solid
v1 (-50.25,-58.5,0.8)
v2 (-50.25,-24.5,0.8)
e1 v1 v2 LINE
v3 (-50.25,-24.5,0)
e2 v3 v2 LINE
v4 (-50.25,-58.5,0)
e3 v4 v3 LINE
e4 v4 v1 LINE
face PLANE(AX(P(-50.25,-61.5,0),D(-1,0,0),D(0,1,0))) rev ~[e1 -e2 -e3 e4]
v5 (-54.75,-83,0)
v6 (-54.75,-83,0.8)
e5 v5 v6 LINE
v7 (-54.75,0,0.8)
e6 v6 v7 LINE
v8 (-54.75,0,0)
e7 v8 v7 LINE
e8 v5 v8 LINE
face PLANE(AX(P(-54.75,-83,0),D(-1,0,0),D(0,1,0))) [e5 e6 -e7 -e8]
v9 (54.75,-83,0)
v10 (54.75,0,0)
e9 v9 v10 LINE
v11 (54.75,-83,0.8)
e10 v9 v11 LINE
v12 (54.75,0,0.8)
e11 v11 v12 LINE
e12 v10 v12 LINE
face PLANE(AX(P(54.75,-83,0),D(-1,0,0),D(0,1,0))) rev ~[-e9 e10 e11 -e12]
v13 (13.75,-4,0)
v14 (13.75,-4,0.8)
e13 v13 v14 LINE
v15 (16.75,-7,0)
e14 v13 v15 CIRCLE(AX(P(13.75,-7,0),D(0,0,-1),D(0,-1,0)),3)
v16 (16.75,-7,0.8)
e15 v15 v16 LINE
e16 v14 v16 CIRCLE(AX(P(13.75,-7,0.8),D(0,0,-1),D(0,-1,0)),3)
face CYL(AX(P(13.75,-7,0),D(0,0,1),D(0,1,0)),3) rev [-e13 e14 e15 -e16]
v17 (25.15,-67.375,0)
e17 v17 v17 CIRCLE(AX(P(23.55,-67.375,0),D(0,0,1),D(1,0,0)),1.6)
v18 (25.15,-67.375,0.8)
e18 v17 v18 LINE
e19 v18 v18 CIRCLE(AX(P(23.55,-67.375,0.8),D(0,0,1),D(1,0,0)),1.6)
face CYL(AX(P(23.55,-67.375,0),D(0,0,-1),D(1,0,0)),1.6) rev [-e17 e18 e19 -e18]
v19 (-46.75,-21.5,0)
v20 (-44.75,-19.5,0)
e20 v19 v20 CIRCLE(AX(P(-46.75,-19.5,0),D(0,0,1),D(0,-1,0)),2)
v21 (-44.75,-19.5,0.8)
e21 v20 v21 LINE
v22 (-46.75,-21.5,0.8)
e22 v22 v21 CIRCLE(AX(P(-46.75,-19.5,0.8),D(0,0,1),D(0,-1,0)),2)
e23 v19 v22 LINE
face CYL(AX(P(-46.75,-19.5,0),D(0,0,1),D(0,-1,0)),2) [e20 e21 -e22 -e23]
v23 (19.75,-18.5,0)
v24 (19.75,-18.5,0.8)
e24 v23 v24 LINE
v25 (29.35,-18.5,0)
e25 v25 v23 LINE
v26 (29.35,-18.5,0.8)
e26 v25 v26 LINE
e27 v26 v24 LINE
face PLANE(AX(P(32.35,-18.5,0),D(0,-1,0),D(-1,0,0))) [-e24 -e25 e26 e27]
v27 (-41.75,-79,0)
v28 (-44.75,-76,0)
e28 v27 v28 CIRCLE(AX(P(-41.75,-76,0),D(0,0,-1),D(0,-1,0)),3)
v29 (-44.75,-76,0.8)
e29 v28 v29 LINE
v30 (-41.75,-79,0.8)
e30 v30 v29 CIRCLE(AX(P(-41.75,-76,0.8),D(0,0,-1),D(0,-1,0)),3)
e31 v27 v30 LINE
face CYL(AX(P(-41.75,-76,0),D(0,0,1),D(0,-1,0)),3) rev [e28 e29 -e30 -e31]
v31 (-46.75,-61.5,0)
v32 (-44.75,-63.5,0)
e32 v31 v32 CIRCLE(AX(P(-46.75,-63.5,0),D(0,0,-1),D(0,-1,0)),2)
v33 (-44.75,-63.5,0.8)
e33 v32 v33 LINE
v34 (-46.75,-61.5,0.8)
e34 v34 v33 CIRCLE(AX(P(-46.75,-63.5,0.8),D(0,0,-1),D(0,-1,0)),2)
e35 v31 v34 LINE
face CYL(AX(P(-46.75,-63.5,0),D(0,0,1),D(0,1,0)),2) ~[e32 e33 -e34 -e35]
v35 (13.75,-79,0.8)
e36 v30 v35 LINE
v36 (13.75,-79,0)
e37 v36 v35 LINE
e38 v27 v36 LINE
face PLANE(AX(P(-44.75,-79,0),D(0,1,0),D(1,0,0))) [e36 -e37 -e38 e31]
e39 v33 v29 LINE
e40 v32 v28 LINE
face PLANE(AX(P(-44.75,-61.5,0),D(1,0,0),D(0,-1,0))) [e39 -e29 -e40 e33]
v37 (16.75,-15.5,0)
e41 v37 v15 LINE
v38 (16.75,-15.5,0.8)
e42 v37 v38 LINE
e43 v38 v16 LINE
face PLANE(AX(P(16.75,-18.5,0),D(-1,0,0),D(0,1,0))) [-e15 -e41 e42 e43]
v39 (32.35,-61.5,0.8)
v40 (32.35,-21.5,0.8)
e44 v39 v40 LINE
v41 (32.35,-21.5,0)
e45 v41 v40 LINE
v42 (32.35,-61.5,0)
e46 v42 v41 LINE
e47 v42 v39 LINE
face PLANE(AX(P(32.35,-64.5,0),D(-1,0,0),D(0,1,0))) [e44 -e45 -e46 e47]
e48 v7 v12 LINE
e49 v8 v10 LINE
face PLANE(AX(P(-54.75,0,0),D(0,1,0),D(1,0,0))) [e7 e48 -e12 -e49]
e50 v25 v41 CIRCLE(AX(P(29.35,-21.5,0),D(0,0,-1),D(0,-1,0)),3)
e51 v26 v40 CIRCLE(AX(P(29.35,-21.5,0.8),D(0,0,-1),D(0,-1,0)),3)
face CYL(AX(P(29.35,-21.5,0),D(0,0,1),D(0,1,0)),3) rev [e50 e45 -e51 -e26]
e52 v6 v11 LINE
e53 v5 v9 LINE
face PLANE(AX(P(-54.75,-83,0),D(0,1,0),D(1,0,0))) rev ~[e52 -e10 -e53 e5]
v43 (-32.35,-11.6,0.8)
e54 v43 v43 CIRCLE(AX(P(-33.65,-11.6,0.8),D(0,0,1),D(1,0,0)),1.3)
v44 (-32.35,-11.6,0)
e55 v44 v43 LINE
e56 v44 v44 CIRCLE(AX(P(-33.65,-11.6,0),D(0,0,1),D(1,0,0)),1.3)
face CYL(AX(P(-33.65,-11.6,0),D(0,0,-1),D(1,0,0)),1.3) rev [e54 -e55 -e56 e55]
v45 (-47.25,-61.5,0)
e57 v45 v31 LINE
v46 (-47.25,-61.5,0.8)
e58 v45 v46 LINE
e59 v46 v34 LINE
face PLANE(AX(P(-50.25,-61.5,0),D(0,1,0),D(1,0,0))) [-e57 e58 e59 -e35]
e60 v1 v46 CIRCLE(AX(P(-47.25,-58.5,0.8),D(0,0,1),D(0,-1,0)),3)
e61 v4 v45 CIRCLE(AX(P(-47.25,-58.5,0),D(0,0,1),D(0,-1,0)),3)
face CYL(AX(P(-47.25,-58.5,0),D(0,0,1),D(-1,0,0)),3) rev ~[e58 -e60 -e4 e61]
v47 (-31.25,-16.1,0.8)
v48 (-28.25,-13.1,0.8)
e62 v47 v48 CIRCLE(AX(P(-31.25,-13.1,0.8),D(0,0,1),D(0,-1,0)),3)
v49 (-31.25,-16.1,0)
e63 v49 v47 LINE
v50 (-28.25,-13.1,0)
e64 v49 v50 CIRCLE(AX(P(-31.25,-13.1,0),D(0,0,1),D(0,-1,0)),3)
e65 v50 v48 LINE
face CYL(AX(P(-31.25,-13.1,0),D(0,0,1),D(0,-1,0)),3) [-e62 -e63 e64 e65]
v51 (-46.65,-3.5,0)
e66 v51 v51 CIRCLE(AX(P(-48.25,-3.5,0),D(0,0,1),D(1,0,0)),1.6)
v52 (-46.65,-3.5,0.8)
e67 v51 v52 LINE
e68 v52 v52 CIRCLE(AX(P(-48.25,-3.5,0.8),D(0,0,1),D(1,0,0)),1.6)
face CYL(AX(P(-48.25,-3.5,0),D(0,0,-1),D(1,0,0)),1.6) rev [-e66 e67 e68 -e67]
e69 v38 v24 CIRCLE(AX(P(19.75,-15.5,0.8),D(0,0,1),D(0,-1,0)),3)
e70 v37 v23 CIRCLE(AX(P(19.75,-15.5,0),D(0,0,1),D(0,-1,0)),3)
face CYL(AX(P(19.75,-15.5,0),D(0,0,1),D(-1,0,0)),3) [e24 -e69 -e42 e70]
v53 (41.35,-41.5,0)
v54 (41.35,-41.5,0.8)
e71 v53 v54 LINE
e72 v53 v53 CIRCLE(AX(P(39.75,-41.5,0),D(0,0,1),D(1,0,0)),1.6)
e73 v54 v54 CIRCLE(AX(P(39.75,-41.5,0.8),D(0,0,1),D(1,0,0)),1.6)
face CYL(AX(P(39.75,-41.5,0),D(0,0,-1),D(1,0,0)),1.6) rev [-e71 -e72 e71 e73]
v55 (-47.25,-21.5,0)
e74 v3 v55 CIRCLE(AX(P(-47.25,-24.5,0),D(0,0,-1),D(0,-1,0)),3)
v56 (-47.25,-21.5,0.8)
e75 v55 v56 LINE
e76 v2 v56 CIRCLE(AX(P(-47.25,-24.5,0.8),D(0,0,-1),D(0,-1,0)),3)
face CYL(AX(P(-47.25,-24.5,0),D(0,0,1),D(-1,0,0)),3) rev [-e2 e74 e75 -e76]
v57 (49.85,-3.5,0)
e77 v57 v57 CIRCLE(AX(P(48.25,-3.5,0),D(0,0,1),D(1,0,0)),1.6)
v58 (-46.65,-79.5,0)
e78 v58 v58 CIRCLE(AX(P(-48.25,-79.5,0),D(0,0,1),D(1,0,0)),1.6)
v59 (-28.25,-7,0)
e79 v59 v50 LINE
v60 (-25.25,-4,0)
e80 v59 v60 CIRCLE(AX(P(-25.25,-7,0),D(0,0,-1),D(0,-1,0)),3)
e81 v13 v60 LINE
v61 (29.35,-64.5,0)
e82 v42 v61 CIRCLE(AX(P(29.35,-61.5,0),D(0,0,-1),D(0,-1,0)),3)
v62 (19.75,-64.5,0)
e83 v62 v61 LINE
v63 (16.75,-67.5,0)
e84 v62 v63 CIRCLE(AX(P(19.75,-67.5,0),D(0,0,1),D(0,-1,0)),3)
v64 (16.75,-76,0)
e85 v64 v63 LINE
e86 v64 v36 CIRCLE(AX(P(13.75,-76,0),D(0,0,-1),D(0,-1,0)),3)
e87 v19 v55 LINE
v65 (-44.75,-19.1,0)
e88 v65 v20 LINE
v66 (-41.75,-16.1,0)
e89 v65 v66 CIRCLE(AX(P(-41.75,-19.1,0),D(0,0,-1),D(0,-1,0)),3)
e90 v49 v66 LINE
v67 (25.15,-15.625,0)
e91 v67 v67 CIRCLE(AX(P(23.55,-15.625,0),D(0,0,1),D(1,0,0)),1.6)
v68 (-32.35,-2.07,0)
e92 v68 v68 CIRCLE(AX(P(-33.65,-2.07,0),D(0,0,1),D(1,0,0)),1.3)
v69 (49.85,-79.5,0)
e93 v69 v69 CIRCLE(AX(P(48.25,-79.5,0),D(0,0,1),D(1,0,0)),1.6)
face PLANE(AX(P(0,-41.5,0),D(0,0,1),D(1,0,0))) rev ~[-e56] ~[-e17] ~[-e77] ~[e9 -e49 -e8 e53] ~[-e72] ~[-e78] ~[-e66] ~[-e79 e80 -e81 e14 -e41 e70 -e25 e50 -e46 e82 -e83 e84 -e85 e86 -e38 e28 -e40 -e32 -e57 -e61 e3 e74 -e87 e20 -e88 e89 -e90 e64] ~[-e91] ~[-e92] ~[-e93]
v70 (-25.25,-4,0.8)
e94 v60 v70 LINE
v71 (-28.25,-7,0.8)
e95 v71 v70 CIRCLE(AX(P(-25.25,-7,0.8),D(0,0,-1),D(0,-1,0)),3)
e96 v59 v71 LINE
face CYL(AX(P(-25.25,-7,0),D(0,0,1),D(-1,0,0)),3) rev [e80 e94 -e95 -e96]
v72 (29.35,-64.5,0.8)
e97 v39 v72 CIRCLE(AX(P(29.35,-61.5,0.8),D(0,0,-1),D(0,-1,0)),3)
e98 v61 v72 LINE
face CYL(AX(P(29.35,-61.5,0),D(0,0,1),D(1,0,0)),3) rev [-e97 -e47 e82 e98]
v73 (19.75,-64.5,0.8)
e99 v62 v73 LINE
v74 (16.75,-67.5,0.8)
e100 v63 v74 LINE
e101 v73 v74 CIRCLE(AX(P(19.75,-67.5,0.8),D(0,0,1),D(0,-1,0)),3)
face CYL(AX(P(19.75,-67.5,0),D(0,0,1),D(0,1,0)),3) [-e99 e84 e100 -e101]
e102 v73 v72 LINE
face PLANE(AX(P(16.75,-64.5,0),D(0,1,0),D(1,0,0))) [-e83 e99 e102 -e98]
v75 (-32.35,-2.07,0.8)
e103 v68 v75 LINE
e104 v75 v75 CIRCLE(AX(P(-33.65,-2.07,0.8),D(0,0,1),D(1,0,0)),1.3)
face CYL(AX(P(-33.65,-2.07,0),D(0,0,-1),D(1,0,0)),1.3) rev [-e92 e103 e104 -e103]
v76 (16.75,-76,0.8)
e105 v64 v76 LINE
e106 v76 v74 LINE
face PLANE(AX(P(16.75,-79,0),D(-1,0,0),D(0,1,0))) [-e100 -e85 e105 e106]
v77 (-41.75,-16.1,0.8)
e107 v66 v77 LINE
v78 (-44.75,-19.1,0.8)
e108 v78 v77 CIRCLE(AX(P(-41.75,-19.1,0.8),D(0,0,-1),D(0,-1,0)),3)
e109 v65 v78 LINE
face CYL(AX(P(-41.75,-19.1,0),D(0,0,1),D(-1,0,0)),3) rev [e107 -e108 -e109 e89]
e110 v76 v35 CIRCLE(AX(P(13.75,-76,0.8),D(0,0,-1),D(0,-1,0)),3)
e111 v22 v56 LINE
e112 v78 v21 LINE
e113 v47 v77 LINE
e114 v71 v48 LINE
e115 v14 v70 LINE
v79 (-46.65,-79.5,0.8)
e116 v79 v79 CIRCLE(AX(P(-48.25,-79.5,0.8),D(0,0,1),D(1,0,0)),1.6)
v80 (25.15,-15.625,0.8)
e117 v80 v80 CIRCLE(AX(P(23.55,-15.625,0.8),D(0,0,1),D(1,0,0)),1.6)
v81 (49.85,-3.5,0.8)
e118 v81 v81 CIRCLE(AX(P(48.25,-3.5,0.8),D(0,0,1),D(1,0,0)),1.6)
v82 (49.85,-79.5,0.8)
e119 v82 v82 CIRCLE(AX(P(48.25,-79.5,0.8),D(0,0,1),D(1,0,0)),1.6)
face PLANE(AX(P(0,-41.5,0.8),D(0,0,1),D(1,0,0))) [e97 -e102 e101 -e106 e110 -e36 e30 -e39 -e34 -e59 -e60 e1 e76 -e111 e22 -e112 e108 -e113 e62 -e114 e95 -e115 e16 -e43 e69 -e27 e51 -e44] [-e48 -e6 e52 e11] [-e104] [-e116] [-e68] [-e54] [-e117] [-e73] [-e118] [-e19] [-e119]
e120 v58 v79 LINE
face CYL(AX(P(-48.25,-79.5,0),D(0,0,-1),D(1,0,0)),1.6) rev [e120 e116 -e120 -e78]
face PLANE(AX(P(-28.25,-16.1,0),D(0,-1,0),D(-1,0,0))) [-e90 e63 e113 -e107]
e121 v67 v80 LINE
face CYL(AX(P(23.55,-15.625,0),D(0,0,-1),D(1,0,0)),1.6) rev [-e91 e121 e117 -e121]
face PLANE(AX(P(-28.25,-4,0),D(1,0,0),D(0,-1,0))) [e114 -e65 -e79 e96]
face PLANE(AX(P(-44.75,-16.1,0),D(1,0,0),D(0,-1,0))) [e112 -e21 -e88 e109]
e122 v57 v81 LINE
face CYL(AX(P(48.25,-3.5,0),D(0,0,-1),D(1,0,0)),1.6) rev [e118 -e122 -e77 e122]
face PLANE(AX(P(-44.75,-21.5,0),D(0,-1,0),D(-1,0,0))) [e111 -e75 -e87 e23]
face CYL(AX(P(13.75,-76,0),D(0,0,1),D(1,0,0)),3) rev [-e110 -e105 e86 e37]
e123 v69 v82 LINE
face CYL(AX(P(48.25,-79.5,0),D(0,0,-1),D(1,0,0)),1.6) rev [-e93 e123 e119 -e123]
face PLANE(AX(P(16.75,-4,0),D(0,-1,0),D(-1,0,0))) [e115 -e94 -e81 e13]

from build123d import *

# Parameters (mm, degrees)
SKETCH1_W           = 109.5
SKETCH1_H           = 83
SKETCH1_R           = 1.6
SKETCH1_R_2         = 1.3
BOSS_EXTRUDE1_DEPTH = 0.8
FILLET1_R           = 3
FILLET2_R           = 2


with BuildPart() as part:
    # Sketch1 → Boss-Extrude1 (new body)
    with BuildSketch(Plane.XY):
        with Locations((0, -41.5)):
            Rectangle(SKETCH1_W, SKETCH1_H)
        with Locations((23.55, -67.375)):
            Circle(SKETCH1_R, mode=Mode.SUBTRACT)
        with Locations((23.55, -15.625)):
            Circle(SKETCH1_R, mode=Mode.SUBTRACT)
        with Locations((48.25, -3.5)):
            Circle(SKETCH1_R, mode=Mode.SUBTRACT)
        with Locations((48.25, -79.5)):
            Circle(SKETCH1_R, mode=Mode.SUBTRACT)
        with Locations((-48.25, -79.5)):
            Circle(SKETCH1_R, mode=Mode.SUBTRACT)
        with Locations((-48.25, -3.5)):
            Circle(SKETCH1_R, mode=Mode.SUBTRACT)
        with Locations((-33.65, -2.07)):
            Circle(SKETCH1_R_2, mode=Mode.SUBTRACT)
        with Locations((-33.65, -11.6)):
            Circle(SKETCH1_R_2, mode=Mode.SUBTRACT)
        with Locations((39.75, -41.5)):
            Circle(SKETCH1_R, mode=Mode.SUBTRACT)
        Polygon((-50.25, -41.5), (-50.25, -61.5), (-44.75, -61.5), (-44.75, -79), (16.75, -79), (16.75, -64.5), (32.35, -64.5), (32.35, -18.5), (16.75, -18.5), (16.75, -4), (-28.25, -4), (-28.25, -16.1), (-44.75, -16.1), (-44.75, -21.5), (-50.25, -21.5), align=None, mode=Mode.SUBTRACT)
    extrude(amount=BOSS_EXTRUDE1_DEPTH)

    # Fillet1
    fillet1_edges = [part.edges().sort_by_distance(p)[0] for p in [
        (32.35, -64.5, 0.4),
        (32.35, -18.5, 0.4),
        (16.75, -18.5, 0.4),
        (16.75, -4, 0.4),
        (-28.25, -4, 0.4),
        (-28.25, -16.1, 0.4),
        (-44.75, -16.1, 0.4),
        (-50.25, -21.5, 0.4),
        (-50.25, -61.5, 0.4),
        (-44.75, -79, 0.4),
        (16.75, -79, 0.4),
        (16.75, -64.5, 0.4),
    ]]
    fillet(fillet1_edges, radius=FILLET1_R)

    # Fillet2
    fillet2_edges = [part.edges().sort_by_distance(p)[0] for p in [
        (-44.75, -21.5, 0.4),
        (-44.75, -61.5, 0.4),
    ]]
    fillet(fillet2_edges, radius=FILLET2_R)


solid = part.part
